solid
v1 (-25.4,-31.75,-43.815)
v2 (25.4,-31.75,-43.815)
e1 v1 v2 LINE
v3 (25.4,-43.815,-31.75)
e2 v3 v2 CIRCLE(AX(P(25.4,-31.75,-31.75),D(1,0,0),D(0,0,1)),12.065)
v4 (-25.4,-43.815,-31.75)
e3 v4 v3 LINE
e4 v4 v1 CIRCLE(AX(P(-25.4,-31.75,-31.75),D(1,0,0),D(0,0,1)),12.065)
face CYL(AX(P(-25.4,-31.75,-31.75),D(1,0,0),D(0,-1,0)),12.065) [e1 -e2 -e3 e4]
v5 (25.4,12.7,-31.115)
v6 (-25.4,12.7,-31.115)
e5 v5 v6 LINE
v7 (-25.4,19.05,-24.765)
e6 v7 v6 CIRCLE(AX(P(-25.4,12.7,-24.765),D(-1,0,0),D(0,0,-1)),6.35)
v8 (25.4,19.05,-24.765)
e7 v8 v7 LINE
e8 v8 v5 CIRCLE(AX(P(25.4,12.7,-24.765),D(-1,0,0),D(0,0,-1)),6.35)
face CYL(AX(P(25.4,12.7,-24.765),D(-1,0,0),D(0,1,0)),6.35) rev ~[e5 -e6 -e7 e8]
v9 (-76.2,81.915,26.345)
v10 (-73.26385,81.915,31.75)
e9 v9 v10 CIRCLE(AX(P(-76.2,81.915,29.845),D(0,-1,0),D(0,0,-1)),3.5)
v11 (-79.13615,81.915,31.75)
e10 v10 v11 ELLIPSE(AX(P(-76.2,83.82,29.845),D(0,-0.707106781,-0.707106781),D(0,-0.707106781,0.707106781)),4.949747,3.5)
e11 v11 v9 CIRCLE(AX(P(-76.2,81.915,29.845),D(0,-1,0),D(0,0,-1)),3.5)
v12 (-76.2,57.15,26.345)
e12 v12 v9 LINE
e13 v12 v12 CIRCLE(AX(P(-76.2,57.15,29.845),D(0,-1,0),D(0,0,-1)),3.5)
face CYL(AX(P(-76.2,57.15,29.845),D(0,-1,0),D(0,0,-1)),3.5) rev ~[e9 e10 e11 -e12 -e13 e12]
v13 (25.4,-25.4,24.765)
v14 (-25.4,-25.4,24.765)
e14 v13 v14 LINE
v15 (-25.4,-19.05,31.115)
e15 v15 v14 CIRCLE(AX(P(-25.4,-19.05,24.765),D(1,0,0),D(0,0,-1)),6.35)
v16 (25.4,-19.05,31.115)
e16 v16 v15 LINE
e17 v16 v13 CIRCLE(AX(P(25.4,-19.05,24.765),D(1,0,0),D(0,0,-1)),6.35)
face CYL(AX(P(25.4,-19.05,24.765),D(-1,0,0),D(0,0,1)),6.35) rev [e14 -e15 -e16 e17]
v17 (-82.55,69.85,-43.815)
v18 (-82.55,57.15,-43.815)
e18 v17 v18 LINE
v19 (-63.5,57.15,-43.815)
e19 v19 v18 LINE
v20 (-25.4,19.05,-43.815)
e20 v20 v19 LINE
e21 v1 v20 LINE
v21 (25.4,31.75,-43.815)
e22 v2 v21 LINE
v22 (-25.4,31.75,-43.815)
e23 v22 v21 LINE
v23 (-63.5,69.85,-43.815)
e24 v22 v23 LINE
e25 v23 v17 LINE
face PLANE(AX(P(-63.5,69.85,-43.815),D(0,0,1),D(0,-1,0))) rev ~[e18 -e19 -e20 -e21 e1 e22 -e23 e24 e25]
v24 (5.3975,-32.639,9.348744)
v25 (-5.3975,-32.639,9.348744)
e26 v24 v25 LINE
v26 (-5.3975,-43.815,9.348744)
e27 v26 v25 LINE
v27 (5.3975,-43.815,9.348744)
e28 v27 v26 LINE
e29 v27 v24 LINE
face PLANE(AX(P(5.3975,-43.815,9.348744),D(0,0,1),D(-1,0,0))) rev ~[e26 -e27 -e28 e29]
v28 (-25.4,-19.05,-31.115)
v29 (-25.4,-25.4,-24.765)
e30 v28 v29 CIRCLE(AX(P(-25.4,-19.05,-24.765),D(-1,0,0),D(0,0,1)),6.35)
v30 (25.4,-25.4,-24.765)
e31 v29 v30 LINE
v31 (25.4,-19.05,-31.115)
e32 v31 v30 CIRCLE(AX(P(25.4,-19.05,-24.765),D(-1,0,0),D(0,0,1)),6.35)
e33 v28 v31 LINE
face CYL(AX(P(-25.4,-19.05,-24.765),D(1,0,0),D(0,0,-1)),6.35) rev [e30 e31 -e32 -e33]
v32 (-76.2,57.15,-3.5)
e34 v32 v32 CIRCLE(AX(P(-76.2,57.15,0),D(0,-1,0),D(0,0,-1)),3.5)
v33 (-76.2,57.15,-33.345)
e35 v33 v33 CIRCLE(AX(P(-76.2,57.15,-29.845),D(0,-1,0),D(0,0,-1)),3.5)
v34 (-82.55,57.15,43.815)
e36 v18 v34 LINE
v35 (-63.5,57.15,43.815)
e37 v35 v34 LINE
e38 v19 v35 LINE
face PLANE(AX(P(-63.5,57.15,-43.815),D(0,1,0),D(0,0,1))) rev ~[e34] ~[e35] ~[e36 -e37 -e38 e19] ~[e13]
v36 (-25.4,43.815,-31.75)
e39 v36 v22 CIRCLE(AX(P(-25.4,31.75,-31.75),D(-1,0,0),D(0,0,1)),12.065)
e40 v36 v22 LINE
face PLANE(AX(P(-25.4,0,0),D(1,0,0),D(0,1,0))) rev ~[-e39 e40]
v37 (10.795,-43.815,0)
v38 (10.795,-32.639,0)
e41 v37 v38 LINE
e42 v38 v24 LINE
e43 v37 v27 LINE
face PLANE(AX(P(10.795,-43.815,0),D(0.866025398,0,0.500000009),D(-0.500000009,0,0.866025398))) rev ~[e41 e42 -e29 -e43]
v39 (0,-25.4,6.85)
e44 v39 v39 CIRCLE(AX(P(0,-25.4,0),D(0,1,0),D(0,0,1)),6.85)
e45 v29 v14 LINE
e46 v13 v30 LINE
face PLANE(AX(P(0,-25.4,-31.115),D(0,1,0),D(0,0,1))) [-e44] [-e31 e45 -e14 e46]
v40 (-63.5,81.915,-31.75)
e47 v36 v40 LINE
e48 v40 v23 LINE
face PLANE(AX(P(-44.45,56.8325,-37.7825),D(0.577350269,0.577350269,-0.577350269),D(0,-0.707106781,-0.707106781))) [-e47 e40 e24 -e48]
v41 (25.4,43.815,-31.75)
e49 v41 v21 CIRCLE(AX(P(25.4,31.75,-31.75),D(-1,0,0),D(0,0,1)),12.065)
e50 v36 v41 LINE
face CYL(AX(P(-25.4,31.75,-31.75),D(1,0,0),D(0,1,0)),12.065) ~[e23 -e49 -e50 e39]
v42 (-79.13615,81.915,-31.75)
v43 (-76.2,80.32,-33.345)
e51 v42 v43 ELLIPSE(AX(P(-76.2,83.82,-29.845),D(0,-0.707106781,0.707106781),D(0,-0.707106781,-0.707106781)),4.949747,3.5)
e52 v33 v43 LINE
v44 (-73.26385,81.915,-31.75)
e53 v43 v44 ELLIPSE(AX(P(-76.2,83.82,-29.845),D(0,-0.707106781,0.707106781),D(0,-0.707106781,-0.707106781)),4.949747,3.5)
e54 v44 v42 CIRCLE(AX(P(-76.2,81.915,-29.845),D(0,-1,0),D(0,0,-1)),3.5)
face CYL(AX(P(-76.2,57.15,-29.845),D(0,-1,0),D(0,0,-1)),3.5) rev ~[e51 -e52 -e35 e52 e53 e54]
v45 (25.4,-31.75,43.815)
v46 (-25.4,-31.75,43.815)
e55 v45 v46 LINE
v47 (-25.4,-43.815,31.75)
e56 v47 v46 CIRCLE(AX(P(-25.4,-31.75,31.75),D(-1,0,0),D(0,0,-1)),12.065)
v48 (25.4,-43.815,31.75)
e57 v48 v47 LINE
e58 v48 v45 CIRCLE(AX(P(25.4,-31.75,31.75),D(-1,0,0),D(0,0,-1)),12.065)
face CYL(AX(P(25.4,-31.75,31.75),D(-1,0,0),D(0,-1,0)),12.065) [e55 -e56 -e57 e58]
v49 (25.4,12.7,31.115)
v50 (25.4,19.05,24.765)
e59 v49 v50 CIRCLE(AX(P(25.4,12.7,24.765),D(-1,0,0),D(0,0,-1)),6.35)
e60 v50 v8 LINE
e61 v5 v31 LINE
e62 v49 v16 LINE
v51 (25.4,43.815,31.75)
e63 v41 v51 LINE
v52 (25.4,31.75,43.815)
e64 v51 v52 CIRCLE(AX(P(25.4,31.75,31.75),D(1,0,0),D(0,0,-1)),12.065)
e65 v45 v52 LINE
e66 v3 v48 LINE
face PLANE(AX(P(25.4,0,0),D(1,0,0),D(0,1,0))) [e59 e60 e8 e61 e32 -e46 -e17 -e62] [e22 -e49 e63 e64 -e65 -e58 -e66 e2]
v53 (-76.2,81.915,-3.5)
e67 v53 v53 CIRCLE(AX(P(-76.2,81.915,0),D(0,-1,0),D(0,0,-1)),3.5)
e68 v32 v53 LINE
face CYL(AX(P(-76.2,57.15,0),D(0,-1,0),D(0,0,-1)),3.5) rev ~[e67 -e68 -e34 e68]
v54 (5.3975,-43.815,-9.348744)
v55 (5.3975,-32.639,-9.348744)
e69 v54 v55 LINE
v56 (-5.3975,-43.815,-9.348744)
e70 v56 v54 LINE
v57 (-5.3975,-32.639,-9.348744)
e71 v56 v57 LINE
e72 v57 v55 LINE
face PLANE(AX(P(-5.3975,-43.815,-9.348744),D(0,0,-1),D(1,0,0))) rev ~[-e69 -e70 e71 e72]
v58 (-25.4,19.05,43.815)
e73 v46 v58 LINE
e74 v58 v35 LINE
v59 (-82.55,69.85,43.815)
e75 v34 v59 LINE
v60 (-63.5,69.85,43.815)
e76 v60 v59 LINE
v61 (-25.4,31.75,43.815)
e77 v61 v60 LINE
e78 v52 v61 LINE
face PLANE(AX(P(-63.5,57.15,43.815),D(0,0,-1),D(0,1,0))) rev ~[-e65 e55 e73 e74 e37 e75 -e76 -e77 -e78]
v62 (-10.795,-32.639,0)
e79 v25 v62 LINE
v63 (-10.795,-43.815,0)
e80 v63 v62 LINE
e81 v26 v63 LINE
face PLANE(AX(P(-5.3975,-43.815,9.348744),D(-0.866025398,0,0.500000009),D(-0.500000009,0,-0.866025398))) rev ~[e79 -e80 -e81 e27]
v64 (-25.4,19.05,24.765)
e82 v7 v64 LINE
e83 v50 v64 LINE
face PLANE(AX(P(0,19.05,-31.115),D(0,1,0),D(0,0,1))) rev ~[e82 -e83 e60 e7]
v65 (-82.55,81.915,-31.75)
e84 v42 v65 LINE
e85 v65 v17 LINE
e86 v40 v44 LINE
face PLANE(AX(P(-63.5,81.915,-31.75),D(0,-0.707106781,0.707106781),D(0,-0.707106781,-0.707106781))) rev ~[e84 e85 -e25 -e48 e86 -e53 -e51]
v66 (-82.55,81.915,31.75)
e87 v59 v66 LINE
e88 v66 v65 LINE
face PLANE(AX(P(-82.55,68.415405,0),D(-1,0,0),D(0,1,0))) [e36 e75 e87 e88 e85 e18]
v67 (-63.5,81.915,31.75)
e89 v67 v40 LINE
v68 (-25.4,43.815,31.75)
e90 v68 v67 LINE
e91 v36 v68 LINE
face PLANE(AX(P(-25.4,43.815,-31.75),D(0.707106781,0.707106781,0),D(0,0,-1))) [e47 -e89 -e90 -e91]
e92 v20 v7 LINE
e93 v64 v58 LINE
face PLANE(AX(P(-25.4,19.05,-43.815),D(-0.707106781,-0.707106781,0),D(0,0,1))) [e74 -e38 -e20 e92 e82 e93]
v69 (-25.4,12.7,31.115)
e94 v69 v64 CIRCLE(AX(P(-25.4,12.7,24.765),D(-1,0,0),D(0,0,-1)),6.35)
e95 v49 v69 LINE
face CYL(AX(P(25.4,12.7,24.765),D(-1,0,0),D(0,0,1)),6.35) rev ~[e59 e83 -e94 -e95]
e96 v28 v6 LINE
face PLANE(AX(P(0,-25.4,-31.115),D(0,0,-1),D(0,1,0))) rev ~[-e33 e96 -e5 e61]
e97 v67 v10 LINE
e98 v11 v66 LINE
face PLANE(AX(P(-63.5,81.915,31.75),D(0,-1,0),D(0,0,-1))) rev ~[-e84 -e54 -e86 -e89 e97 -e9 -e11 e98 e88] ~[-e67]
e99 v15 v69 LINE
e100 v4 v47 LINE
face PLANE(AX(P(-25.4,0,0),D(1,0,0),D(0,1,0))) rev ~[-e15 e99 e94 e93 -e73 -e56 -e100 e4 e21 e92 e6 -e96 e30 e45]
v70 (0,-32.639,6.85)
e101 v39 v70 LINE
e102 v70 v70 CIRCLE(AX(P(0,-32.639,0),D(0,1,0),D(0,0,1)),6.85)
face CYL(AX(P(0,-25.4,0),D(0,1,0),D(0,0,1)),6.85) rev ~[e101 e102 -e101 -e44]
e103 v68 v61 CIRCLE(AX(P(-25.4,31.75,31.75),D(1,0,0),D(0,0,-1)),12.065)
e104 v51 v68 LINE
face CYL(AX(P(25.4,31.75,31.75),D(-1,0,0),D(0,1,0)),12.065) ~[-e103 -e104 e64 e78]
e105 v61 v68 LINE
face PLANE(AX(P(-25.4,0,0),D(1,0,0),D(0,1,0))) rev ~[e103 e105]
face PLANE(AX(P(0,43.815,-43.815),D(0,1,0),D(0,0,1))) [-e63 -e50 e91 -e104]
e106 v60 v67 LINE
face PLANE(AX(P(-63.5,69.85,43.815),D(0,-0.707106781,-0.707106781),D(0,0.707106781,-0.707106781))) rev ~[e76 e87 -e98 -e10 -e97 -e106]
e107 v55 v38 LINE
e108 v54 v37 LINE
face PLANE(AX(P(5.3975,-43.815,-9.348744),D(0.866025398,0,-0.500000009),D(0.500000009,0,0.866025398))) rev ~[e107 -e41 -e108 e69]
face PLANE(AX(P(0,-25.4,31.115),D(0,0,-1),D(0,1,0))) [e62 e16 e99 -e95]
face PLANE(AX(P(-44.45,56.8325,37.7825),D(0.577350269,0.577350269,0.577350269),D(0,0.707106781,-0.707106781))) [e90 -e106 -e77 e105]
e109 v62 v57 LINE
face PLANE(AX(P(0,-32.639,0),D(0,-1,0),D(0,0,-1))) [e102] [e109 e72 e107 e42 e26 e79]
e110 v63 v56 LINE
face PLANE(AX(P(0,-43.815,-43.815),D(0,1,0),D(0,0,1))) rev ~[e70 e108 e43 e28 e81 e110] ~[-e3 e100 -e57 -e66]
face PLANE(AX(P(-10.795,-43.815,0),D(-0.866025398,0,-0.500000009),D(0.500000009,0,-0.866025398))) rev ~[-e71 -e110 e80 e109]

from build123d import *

# Parameters (mm, degrees)
SKETCH002_W          = 87.63
SKETCH002_H          = 87.63
PAD001_DEPTH         = 25.4
FILLET002_R          = 12.065
SKETCH003_W          = 44.45
SKETCH003_H          = 62.23
POCKET001_DEPTH      = 25.401
POCKET001_DEPTH_BACK = 25.401
FILLET003_R          = 6.35
SKETCH004_R          = 6.85
POCKET002_DEPTH      = 18.416
POCKET003_DEPTH      = 11.176
PAD002_DEPTH         = 19.05
SKETCH008_R          = 3.5
POCKET004_DEPTH      = 24.766


with BuildPart() as part:
    # Sketch002 → Pad001 (new body, symmetric)
    with BuildSketch(Plane.YZ):
        Rectangle(SKETCH002_W, SKETCH002_H)
    extrude(amount=PAD001_DEPTH, both=True)

    # Fillet002
    fillet002_edges = [part.edges().sort_by_distance(p)[0] for p in [
        (0, -43.815, 43.815),
        (0, -43.815, -43.815),
        (0, 43.815, -43.815),
        (0, 43.815, 43.815),
    ]]
    fillet(fillet002_edges, radius=FILLET002_R)

    # Sketch003 → Pocket001 (cut, two sides)
    with BuildSketch(Plane.YZ) as pocket001_sk:
        with Locations((-3.175, 0)):
            Rectangle(SKETCH003_W, SKETCH003_H)
    extrude(amount=POCKET001_DEPTH, mode=Mode.SUBTRACT)
    extrude(pocket001_sk.sketch, amount=-POCKET001_DEPTH_BACK, mode=Mode.SUBTRACT)

    # Fillet003
    fillet003_edges = [part.edges().sort_by_distance(p)[0] for p in [
        (0, -25.4, -31.115),
        (0, 19.05, -31.115),
        (0, 19.05, 31.115),
        (0, -25.4, 31.115),
    ]]
    fillet(fillet003_edges, radius=FILLET003_R)

    # Sketch004 (on Face9 of Fillet003) → Pocket002 (cut, through all)
    with BuildSketch(Plane.ZX.offset(-25.4)):
        Circle(SKETCH004_R)
    extrude(amount=-POCKET002_DEPTH, mode=Mode.SUBTRACT)

    # Sketch005 (on Face13 of Pocket002) → Pocket003 (cut)
    with BuildSketch(Plane(origin=(0, -43.815, 0), x_dir=(0, 0, -1), z_dir=(0, -1, 0))):
        Polygon((9.348744, -5.3975), (9.348744, 5.3975), (0, 10.795), (-9.348744, 5.3975), (-9.348744, -5.3975), (0, -10.795), align=None)
    extrude(amount=-POCKET003_DEPTH, mode=Mode.SUBTRACT)

    # AdditivePipe: sweep along a path in Sketch007
    with BuildLine(Plane(origin=(0, 0, 43.815), x_dir=(0, -1, 0), z_dir=(0, 0, 1))) as additivepipe_path:
        Line((-31.75, -25.4), (-69.85, -63.5))
    # Sketch006 (on Face1 of Pocket003) → AdditivePipe (sweep)
    with BuildSketch(Plane(origin=(-25.4, 0, 0), x_dir=(0, 1, 0), z_dir=(-1, 0, 0))):
        Polygon((19.05, 43.815), (31.75, 43.815), (43.815, 31.75), (43.815, -31.75), (31.75, -43.815), (19.05, -43.815), (19.05, 24.765), align=None)
    sweep(path=additivepipe_path.line)

    # AdditivePipe Face20 → Pad002 (new)
    with BuildSketch(Plane(origin=(-63.5, 68.931373, 0), x_dir=(0, 1, 0), z_dir=(-1, 0, 0))):
        Polygon((-11.781373, -43.815), (0.918627, -43.815), (12.983627, -31.75), (12.983627, 31.75), (0.918627, 43.815), (-11.781373, 43.815), (-11.781373, 24.765), align=None)
    extrude(amount=PAD002_DEPTH)

    # Sketch008 (on Face20 of Pad002) → Pocket004 (cut, through all)
    with BuildSketch(Plane(origin=(0, 57.15, 0), x_dir=(0, 0, -1), z_dir=(0, -1, 0))):
        with Locations((-29.845, -76.2)):
            Circle(SKETCH008_R)
        with Locations((0, -76.2)):
            Circle(SKETCH008_R)
        with Locations((29.845, -76.2)):
            Circle(SKETCH008_R)
    extrude(amount=-POCKET004_DEPTH, mode=Mode.SUBTRACT)


solid = part.part
